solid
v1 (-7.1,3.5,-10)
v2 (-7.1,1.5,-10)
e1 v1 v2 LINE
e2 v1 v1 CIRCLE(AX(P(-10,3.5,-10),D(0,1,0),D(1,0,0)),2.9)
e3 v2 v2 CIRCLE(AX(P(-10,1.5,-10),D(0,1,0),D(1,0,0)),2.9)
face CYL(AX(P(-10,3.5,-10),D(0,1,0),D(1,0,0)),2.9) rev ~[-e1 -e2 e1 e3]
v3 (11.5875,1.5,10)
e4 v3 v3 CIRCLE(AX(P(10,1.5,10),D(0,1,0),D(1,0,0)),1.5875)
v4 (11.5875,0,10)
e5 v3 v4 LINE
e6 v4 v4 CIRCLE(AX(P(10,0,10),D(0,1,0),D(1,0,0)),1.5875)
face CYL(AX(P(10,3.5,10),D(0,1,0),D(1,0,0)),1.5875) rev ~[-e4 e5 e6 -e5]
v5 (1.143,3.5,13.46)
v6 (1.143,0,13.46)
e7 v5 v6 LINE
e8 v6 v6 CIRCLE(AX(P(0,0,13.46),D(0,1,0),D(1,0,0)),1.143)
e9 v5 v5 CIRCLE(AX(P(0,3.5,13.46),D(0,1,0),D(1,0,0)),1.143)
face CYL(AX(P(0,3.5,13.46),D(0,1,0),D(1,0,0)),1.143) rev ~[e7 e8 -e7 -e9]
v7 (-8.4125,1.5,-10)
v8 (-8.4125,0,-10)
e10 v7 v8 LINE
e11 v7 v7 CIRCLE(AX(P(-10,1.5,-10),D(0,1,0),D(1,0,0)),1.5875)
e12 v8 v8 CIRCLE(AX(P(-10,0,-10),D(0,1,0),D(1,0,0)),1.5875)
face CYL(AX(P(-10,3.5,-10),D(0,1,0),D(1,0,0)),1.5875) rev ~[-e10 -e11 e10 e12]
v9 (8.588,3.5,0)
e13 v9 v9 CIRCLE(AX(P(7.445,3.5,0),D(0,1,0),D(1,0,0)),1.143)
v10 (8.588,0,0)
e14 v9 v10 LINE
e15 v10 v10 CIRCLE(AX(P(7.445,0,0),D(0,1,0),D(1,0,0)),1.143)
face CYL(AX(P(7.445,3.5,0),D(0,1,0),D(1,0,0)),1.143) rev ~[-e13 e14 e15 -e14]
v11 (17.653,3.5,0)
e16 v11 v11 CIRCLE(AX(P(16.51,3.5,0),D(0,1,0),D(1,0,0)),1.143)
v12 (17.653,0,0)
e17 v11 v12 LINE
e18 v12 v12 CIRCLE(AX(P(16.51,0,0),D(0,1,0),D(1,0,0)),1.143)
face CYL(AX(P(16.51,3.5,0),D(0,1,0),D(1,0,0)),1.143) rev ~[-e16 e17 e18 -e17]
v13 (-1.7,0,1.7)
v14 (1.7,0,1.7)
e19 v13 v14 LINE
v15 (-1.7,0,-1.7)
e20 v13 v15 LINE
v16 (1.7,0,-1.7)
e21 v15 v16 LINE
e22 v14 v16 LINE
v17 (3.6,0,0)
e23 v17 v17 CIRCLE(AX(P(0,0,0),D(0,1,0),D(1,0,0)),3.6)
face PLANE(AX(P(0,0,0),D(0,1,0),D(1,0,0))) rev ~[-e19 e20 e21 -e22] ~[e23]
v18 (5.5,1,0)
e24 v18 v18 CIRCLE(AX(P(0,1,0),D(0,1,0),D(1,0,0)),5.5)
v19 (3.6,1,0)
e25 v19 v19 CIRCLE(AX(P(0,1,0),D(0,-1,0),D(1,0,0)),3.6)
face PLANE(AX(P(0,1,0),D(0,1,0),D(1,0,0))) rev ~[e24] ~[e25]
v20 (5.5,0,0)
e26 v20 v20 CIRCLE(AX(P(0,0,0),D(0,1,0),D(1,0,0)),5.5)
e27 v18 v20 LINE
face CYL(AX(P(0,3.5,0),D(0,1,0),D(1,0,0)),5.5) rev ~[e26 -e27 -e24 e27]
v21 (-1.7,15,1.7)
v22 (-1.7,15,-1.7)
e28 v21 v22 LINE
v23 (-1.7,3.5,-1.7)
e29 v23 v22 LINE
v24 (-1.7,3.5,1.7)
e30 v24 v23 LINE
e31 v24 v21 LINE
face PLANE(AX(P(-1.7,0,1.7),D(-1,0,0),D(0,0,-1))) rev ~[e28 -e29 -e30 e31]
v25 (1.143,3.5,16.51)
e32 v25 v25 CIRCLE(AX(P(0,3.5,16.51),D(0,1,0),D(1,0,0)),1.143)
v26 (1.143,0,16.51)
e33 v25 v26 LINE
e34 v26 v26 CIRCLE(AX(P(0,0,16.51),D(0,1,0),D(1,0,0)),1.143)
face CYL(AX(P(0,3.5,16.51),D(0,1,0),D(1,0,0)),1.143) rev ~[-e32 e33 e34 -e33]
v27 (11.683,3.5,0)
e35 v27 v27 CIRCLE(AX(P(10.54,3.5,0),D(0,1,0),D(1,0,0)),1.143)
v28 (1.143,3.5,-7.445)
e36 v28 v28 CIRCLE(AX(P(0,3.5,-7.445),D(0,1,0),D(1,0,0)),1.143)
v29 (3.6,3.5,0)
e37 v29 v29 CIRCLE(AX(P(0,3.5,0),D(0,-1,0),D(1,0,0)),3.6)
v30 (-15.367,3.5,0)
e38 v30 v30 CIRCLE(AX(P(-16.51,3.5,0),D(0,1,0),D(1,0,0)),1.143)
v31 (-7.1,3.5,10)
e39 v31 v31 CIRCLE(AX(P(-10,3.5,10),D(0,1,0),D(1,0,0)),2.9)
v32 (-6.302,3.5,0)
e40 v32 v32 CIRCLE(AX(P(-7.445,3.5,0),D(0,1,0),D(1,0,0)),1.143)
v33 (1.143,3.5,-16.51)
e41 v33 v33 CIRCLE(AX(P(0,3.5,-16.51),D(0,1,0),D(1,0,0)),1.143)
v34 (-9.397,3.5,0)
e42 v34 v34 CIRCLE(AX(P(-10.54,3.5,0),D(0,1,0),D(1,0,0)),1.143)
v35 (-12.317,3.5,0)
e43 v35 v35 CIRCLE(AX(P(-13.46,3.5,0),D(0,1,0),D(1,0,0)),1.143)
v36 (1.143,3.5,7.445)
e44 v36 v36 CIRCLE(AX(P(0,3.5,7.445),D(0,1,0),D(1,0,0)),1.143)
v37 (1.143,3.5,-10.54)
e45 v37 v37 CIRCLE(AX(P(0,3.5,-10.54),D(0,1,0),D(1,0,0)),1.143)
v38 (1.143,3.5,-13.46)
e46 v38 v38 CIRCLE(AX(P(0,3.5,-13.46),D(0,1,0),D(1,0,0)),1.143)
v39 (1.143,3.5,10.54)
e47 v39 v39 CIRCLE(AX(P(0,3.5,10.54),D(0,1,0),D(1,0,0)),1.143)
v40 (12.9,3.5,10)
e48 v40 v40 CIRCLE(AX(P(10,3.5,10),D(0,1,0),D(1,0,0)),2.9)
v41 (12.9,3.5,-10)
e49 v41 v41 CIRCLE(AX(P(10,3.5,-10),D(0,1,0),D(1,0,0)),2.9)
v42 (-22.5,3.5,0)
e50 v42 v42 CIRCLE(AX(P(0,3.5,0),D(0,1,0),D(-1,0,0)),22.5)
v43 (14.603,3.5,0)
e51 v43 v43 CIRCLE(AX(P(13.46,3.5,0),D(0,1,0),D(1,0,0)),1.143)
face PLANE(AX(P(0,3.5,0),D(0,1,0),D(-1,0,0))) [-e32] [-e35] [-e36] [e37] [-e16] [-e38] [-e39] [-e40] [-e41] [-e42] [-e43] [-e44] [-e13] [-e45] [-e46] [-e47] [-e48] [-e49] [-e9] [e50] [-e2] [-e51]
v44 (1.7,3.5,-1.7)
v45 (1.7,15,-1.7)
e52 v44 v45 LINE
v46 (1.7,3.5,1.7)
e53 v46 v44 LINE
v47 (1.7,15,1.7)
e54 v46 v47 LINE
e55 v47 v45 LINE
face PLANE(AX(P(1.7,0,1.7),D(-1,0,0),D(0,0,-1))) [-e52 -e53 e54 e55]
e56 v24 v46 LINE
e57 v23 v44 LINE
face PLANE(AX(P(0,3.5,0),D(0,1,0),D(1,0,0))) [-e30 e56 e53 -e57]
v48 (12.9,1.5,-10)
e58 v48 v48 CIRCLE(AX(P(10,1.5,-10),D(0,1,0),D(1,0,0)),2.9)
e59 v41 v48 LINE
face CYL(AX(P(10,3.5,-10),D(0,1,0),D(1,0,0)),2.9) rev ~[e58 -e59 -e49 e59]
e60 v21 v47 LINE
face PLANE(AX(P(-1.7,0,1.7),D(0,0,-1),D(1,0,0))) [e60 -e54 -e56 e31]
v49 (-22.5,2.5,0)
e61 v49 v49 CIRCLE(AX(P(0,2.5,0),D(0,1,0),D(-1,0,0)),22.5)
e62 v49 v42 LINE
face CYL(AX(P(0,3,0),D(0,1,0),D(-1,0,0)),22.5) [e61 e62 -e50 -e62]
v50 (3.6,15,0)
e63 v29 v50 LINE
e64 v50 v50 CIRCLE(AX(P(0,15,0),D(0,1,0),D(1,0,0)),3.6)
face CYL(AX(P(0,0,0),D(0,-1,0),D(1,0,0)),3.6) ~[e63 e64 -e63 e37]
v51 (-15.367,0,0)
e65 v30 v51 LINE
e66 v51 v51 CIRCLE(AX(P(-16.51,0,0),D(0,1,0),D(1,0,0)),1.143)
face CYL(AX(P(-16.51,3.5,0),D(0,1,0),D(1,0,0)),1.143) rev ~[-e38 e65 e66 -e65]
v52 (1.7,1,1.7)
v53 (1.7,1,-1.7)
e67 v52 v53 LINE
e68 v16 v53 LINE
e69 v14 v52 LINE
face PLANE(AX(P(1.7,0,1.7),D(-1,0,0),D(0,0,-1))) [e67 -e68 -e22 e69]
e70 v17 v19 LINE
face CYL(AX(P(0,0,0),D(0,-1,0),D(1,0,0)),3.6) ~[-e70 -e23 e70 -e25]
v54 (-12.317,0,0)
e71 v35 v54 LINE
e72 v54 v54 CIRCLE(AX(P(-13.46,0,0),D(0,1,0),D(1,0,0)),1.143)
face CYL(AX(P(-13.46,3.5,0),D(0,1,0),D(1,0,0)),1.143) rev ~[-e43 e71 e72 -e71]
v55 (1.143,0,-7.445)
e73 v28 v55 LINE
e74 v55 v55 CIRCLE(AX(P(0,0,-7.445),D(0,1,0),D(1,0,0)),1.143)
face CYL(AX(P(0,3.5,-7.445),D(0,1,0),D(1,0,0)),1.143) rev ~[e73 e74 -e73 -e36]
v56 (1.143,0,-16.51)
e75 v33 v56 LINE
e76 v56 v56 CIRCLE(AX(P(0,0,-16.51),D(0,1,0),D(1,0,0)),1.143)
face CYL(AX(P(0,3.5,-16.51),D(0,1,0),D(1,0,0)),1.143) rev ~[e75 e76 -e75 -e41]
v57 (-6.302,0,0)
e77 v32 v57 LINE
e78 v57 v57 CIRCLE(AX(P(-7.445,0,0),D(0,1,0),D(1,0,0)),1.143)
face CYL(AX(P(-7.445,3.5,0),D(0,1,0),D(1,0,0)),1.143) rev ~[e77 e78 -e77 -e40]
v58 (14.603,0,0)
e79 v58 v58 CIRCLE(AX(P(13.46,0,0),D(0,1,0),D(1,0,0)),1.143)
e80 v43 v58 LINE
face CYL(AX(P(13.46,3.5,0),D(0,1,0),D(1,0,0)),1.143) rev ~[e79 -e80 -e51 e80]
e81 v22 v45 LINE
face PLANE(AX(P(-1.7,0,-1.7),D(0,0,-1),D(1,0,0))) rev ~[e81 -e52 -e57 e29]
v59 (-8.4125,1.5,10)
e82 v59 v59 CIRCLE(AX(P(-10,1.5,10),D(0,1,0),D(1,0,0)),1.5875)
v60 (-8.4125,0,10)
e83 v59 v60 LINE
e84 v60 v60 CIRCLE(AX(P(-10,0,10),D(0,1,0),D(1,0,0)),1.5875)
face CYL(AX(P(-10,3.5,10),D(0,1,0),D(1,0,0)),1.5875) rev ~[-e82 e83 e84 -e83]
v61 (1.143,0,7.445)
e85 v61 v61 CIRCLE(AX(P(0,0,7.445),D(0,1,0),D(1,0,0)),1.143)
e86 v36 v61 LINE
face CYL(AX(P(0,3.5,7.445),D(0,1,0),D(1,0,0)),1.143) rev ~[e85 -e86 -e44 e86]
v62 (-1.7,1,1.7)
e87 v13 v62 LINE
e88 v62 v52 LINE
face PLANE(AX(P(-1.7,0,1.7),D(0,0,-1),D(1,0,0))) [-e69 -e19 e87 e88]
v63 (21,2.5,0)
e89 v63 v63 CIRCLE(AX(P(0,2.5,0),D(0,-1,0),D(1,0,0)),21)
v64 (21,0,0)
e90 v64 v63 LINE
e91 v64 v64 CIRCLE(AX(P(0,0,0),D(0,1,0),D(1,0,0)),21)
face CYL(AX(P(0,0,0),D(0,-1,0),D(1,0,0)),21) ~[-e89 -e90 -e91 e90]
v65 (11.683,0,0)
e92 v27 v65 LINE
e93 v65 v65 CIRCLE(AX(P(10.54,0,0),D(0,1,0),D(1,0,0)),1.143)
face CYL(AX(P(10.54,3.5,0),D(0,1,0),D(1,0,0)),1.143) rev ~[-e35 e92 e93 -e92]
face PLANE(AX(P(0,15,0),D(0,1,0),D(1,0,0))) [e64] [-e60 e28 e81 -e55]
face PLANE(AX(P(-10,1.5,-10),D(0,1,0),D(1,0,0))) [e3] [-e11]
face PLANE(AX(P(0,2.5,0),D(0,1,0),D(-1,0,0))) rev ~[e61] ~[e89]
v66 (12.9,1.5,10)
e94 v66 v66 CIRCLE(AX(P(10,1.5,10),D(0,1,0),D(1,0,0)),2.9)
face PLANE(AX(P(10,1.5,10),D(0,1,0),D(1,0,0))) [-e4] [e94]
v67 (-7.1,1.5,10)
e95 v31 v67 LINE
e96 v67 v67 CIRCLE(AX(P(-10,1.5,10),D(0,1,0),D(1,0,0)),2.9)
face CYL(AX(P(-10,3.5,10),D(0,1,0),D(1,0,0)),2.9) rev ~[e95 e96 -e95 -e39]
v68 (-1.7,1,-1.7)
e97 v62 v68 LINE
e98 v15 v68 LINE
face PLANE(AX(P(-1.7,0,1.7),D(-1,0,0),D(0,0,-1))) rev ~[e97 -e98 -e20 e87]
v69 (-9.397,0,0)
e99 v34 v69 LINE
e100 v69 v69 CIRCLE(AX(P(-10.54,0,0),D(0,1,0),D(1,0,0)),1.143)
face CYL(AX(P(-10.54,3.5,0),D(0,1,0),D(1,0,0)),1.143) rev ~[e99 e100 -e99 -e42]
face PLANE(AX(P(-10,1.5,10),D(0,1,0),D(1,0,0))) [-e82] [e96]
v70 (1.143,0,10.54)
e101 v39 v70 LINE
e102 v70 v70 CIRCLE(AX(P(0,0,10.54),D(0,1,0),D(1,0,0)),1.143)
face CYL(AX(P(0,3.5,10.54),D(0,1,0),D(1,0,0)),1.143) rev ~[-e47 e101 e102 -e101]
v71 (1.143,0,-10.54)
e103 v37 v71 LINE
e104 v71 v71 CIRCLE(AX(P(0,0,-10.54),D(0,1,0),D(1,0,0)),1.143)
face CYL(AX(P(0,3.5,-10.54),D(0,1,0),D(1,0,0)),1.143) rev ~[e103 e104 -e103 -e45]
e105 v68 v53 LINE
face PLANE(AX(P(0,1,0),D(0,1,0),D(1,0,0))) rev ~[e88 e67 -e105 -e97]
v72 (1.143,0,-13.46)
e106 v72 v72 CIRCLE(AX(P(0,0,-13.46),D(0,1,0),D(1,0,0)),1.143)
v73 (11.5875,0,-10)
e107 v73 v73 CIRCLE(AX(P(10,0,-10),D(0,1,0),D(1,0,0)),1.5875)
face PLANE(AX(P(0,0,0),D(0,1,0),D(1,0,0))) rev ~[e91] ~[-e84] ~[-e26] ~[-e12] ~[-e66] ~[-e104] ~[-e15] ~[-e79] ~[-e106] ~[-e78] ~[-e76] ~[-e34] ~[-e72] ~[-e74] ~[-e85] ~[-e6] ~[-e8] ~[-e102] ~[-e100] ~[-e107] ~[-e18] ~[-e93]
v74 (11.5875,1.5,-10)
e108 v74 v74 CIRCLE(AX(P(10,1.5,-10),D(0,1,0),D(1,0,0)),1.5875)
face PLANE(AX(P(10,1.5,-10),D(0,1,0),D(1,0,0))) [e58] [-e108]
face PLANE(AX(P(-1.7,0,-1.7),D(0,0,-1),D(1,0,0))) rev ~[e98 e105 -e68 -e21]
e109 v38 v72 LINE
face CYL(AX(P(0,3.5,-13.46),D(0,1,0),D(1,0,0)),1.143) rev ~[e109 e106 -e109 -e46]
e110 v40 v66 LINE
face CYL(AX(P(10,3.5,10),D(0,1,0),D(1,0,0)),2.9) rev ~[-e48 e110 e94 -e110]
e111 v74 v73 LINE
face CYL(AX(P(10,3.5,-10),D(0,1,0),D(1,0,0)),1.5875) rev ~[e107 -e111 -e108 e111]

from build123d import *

# Parameters (mm, degrees)
SKETCH2_R           = 21
BOSS_EXTRUDE1_DEPTH = 3.5
SKETCH4_R           = 5.5
SKETCH4_R_2         = 1.143
SKETCH4_R_3         = 1.5875
CUT_EXTRUDE2_DEPTH  = 4.5
SKETCH5_R           = 2.9
CUT_EXTRUDE4_DEPTH  = 2
SKETCH6_W           = 2.148549125
SKETCH6_H           = 1
SKETCH8_R           = 3.6
SKETCH8_W           = 3.4
SKETCH8_H           = 3.4
BOSS_EXTRUDE3_DEPTH = 15
SKETCH7_R           = 6.25
BOSS_EXTRUDE4_DEPTH = 2.5


with BuildPart() as part:
    # Sketch2 → Boss-Extrude1 (new body)
    with BuildSketch(Plane(origin=(0, 0, 0), x_dir=(1, 0, 0), z_dir=(0, 1, 0))):
        Circle(SKETCH2_R)
    extrude(amount=BOSS_EXTRUDE1_DEPTH)

    # Sketch4 → Cut-Extrude2 (cut, through all)
    with BuildSketch(Plane(origin=(0, 3.5, 0), x_dir=(1, 0, 0), z_dir=(0, 1, 0))):
        Circle(SKETCH4_R)
        with Locations((7.445, 0)):
            Circle(SKETCH4_R_2)
        with Locations((10.54, 0)):
            Circle(SKETCH4_R_2)
        with Locations((13.46, 0)):
            Circle(SKETCH4_R_2)
        with Locations((16.51, 0)):
            Circle(SKETCH4_R_2)
        with Locations((10, 10)):
            Circle(SKETCH4_R_3)
        with Locations((0, -7.445)):
            Circle(SKETCH4_R_2)
        with Locations((0, -10.54)):
            Circle(SKETCH4_R_2)
        with Locations((0, -13.46)):
            Circle(SKETCH4_R_2)
        with Locations((0, -16.51)):
            Circle(SKETCH4_R_2)
        with Locations((10, -10)):
            Circle(SKETCH4_R_3)
        with Locations((-7.445, 0)):
            Circle(SKETCH4_R_2)
        with Locations((-10.54, 0)):
            Circle(SKETCH4_R_2)
        with Locations((-13.46, 0)):
            Circle(SKETCH4_R_2)
        with Locations((-16.51, 0)):
            Circle(SKETCH4_R_2)
        with Locations((-10, -10)):
            Circle(SKETCH4_R_3)
        with Locations((0, 7.445)):
            Circle(SKETCH4_R_2)
        with Locations((0, 10.54)):
            Circle(SKETCH4_R_2)
        with Locations((0, 13.46)):
            Circle(SKETCH4_R_2)
        with Locations((0, 16.51)):
            Circle(SKETCH4_R_2)
        with Locations((-10, 10)):
            Circle(SKETCH4_R_3)
    extrude(amount=-CUT_EXTRUDE2_DEPTH, mode=Mode.SUBTRACT)

    # Sketch5 → Cut-Extrude4 (cut)
    with BuildSketch(Plane(origin=(0, 3.5, 0), x_dir=(1, 0, 0), z_dir=(0, 1, 0))):
        with Locations((-10, 10)):
            Circle(SKETCH5_R)
        with Locations((-10, -10)):
            Circle(SKETCH5_R)
        with Locations((10, 10)):
            Circle(SKETCH5_R)
        with Locations((10, -10)):
            Circle(SKETCH5_R)
    extrude(amount=-CUT_EXTRUDE4_DEPTH, mode=Mode.SUBTRACT)

    # Sketch6 → Revolve1 (revolve)
    with BuildSketch(Plane.XY):
        with Locations((-21.425725437, 3)):
            Rectangle(SKETCH6_W, SKETCH6_H)
    revolve(axis=Axis((0, 0, 0), (0, 1, 0)))



with BuildPart() as body_2:
    # Sketch8 → Boss-Extrude3 (new body)
    with BuildSketch(Plane(origin=(0, 0, 0), x_dir=(1, 0, 0), z_dir=(0, 1, 0))):
        Circle(SKETCH8_R)
        Rectangle(SKETCH8_W, SKETCH8_H, mode=Mode.SUBTRACT)
    extrude(amount=BOSS_EXTRUDE3_DEPTH)


with BuildPart() as part_1:
    add(part.part)

    add(body_2.part)  # Boss-Extrude4 merges body 2
    # Sketch7 → Boss-Extrude4 (add)
    with BuildSketch(Plane(origin=(0, 3.5, 0), x_dir=(1, 0, 0), z_dir=(0, 1, 0))):
        Circle(SKETCH7_R)
    extrude(amount=-BOSS_EXTRUDE4_DEPTH)


solid = part_1.part
